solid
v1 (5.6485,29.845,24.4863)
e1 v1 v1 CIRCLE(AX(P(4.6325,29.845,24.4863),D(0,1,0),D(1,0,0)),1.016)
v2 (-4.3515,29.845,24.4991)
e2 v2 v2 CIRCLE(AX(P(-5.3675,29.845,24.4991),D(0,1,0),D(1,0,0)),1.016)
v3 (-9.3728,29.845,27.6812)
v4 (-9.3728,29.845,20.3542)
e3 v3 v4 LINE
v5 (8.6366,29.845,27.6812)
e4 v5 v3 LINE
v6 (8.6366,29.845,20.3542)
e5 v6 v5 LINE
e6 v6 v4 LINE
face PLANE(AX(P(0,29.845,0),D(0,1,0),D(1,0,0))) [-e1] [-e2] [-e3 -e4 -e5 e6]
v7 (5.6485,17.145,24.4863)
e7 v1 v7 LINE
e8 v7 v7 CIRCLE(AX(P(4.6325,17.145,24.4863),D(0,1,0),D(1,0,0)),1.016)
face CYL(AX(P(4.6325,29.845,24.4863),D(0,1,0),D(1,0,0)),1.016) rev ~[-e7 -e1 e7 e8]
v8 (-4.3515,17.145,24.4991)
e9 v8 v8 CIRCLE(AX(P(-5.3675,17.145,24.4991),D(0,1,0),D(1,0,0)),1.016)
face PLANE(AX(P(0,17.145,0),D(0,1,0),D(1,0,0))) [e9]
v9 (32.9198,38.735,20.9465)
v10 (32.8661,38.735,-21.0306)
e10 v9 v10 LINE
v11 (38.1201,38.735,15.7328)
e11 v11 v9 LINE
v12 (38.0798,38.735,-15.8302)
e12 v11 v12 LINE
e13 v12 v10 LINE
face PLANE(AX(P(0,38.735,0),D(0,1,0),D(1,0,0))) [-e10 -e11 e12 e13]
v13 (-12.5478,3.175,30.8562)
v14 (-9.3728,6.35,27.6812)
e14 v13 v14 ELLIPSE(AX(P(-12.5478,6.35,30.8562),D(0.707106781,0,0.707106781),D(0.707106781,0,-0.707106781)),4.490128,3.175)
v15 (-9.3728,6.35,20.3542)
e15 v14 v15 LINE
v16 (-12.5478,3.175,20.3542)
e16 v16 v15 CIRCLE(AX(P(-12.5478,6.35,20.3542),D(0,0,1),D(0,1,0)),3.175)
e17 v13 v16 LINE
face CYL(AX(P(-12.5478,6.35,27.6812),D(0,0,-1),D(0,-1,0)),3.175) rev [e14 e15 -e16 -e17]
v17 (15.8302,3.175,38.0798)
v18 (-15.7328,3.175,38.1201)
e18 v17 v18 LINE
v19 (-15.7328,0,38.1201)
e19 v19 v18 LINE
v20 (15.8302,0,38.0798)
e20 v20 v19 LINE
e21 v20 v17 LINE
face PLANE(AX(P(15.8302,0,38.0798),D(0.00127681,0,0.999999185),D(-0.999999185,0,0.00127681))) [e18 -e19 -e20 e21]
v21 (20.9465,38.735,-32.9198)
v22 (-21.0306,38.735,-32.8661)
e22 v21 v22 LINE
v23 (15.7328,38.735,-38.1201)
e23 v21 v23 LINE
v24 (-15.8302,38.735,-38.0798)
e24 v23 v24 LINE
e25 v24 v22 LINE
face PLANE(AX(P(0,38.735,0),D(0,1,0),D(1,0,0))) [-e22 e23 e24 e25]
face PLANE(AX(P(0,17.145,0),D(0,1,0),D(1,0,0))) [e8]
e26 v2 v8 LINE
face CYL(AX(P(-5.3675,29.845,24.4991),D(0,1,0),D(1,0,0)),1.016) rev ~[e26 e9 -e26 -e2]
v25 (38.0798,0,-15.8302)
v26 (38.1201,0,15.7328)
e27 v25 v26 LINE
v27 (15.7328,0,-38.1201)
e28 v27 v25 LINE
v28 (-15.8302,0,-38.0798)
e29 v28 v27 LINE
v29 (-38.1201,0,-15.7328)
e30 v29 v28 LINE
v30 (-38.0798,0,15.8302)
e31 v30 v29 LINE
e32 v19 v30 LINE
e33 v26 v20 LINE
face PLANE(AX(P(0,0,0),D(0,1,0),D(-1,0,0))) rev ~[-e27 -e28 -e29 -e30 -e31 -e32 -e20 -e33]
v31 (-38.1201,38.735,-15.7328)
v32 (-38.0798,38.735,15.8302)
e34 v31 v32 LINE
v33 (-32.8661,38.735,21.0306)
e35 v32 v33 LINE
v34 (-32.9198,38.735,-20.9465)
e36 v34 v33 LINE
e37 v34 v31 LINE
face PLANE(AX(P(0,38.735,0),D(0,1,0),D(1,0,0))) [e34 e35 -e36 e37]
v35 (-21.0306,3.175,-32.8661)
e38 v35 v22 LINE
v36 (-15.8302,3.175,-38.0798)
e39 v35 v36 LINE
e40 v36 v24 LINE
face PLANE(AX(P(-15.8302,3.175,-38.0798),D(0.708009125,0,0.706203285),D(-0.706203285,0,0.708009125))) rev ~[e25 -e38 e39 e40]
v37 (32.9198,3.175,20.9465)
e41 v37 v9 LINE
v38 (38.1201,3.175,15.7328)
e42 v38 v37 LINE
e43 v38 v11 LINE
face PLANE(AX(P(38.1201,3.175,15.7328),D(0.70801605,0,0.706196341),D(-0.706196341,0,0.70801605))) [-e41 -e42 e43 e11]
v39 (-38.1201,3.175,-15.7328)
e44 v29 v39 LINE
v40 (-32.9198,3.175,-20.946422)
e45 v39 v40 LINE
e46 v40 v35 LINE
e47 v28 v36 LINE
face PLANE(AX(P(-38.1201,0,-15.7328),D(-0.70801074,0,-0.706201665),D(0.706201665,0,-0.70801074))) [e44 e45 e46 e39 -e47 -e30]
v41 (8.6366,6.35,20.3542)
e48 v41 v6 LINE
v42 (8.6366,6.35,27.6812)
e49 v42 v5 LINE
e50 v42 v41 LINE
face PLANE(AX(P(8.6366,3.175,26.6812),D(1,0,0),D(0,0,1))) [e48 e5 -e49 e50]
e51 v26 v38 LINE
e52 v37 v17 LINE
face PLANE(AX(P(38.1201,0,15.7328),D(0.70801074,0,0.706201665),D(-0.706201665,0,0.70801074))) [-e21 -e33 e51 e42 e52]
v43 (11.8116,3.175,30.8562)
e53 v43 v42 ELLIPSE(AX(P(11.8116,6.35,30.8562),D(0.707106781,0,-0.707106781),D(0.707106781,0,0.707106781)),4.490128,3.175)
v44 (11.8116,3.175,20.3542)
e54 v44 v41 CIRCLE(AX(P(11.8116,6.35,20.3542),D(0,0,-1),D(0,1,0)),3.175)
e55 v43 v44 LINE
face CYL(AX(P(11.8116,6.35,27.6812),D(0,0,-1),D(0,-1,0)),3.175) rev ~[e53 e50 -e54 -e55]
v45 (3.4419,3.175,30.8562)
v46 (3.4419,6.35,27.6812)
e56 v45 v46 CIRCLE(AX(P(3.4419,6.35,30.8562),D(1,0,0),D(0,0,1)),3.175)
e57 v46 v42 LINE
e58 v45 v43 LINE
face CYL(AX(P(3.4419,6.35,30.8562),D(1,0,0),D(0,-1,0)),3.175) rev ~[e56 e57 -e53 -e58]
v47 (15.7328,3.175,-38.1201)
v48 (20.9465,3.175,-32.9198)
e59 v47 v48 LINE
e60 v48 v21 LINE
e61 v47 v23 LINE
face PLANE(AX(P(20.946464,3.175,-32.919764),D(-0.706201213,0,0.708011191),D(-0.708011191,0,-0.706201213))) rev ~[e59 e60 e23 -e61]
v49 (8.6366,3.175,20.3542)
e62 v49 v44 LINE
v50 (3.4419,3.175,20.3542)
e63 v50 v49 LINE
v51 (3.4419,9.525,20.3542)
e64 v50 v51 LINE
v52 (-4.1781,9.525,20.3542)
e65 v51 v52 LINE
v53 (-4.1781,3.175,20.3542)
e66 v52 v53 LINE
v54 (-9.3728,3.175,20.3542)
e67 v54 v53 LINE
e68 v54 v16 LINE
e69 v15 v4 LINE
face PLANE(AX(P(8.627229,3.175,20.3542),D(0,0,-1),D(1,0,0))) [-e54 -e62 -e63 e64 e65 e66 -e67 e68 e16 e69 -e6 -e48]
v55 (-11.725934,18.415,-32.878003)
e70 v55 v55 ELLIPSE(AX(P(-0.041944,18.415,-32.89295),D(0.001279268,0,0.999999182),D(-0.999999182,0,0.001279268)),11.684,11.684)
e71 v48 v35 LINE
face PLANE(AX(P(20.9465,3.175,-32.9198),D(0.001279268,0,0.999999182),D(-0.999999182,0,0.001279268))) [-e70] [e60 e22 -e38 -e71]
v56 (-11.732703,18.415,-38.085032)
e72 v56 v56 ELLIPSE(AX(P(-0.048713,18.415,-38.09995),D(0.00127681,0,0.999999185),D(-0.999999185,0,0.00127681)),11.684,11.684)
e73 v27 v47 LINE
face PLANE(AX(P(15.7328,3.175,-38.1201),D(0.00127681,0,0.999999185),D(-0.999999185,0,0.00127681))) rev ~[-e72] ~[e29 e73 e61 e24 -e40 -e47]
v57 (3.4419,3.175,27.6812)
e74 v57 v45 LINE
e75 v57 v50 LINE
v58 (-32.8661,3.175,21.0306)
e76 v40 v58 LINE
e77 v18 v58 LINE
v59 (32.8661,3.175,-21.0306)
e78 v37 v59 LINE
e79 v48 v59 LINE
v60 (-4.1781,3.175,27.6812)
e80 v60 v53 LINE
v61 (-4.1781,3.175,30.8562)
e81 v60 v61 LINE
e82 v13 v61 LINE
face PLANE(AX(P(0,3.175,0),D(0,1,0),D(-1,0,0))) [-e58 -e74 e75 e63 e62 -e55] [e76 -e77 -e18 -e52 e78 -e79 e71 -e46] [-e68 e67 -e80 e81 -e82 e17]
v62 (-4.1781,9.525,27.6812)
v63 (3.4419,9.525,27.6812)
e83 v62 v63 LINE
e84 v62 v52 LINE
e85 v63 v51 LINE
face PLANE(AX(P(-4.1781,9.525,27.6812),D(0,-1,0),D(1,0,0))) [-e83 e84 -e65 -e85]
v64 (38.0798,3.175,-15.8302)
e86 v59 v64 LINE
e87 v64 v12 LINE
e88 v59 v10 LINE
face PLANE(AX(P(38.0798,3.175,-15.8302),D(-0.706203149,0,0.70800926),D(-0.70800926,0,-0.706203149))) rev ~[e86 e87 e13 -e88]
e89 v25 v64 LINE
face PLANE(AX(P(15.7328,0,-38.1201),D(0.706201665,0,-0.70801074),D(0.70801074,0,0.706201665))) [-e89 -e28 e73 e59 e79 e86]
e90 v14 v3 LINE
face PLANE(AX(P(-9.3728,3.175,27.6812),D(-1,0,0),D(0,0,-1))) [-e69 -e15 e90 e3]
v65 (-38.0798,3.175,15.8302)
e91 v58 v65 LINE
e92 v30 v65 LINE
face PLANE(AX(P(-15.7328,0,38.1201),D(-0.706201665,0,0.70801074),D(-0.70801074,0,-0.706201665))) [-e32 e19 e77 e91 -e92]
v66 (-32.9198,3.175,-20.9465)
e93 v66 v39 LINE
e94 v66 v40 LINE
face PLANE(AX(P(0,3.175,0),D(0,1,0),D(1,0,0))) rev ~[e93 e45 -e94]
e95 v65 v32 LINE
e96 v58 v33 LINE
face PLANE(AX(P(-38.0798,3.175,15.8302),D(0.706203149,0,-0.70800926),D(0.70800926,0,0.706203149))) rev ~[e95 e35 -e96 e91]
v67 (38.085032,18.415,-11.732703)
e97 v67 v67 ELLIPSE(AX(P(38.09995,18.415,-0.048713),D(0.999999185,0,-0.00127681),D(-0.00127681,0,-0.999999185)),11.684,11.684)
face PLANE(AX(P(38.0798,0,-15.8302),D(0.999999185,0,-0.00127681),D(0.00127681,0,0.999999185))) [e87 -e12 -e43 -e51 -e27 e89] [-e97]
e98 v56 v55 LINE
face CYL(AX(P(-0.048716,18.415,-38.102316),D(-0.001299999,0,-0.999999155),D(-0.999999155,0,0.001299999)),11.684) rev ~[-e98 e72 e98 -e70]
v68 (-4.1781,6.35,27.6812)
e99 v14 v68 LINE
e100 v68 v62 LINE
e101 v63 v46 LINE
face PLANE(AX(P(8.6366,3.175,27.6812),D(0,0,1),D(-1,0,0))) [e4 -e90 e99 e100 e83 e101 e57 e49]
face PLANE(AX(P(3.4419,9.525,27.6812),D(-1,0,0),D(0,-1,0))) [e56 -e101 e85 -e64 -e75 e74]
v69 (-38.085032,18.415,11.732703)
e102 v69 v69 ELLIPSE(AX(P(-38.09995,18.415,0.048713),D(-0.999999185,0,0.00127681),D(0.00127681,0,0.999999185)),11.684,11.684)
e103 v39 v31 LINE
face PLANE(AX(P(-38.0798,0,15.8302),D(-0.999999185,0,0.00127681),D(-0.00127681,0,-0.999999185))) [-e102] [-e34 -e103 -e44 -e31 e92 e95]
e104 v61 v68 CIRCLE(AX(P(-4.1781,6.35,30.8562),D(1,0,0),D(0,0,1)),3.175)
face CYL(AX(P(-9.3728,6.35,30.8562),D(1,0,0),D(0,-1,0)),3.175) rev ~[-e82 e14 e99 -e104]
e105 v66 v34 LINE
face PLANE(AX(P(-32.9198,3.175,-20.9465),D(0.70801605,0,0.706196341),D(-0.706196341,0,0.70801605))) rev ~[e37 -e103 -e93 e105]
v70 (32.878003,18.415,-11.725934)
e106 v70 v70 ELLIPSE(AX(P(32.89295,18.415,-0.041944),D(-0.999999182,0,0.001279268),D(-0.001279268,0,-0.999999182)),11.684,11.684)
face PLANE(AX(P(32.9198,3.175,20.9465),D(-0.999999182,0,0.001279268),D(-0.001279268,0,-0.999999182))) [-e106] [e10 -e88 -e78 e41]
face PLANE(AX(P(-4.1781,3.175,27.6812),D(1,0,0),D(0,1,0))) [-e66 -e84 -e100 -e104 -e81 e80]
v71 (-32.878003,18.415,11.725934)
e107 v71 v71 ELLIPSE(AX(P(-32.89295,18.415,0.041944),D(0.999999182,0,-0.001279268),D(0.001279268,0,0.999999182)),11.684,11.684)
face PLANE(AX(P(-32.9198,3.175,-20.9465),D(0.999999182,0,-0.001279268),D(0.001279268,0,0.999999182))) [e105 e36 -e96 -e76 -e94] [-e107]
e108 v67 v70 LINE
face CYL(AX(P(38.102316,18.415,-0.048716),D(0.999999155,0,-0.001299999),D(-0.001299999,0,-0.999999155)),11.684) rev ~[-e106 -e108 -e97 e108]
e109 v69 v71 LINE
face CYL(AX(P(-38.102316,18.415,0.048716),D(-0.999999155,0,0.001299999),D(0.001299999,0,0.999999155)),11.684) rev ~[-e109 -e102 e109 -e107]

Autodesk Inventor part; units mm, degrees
ref_plane "YZ Plane" through (0, 0, 0) normal (1, 0, 0) x (0, 1, 0)
ref_plane "XZ Plane" through (0, 0, 0) normal (0, 1, 0) x (-1, 0, 0)
ref_plane "XY Plane" through (0, 0, 0) normal (0, 0, 1) x (1, 0, 0)
sketch "Sketch1" plane through (0, 0, 0) normal (0, 1, 0) x (-1, 0, 0)
  line L0 (15.8302, -38.0798) -> (-15.7328, -38.1201)
  line L1 (-15.7328, -38.1201) -> (-38.0798, -15.8302)
  line L2 (-38.0798, -15.8302) -> (-38.1201, 15.7328)
  line L3 (-38.1201, 15.7328) -> (-15.8302, 38.0798)
  line L4 (-15.8302, 38.0798) -> (15.7328, 38.1201)
  line L5 (15.7328, 38.1201) -> (38.0798, 15.8302)
  line L6 (38.0798, 15.8302) -> (38.1201, -15.7328)
  line L7 (38.1201, -15.7328) -> (15.8302, -38.0798)
  point P0 (0, 0)
  point P1 (0, 0)
  dimension "d0" = 76.2
extrude "Extrusion1" add sketch "Sketch1" along normal blind 3.175
sketch "Sketch3" plane through (0, 3.175, 0) normal (0, 1, 0) x (1, 0, 0)
  line L0 (38.1201, -15.7328) -> (38.0798, 15.8302) projected
  line L1 (-38.1201, 15.7328) -> (-38.0798, -15.8302) projected
  line L2 (32.9198, -20.9465) -> (32.8661, 21.0306)
  line L3 (-32.9198, 20.9465) -> (-32.8661, -21.0306)
  line L4 (-38.1201, 15.7328) -> (-38.0798, -15.8302) projected
  line L5 (38.1201, -15.7328) -> (38.0798, 15.8302) projected
  line L6 (38.1201, -15.7328) -> (32.9198, -20.9465)
  line L7 (38.0798, 15.8302) -> (38.1201, -15.7328) projected
  line L8 (38.1201, -15.7328) -> (38.0798, 15.8302)
  line L9 (38.0798, 15.8302) -> (32.8661, 21.0306)
  line L10 (-32.9198, 20.9465) -> (-38.1201, 15.7328)
  line L11 (-38.1201, 15.7328) -> (-38.0798, -15.8302)
  line L12 (-38.0798, -15.8302) -> (-38.1201, 15.7328) projected
  line L13 (-38.0798, -15.8302) -> (-32.8661, -21.0306)
  line L14 (-38.0798, -15.8302) -> (-15.7328, -38.1201) projected
  line L15 (15.8302, -38.0798) -> (38.1201, -15.7328) projected
  line L16 (38.0798, 15.8302) -> (15.7328, 38.1201) projected
  line L17 (38.1201, -15.7328) -> (32.9198, -20.9465)
  line L18 (38.0798, 15.8302) -> (32.8661, 21.0306)
  line L19 (15.7328, 38.1201) -> (38.0798, 15.8302) projected
  line L20 (38.1201, -15.7328) -> (38.0798, 15.8302)
  point P0 (0, 0)
  dimension "d5" = 5.207
  dimension "d6" = 5.207
extrude "Extrusion2" add sketch "Sketch3" along normal blind 35.56
sketch "Sketch5" plane through (38.0798, 0, -15.8302) normal (1, 0, -0.0013) x (-0.0013, 0, -1)
  circle A0 centre (-15.7815, 18.415) radius 11.43 projected
  circle A1 centre (-15.7815, 18.415) radius 11.684
  point P0 (-15.7815, 0)
  dimension "d9" = 0.254
extrude "Extrusion3" cut sketch "Sketch5" against normal blind 26.416 contours A0 | A1
sketch "Sketch6" plane through (-38.0798, 0, 15.8302) normal (-1, 0, 0.0013) x (0.0013, 0, 1)
  circle A0 centre (-15.7815, 18.415) radius 11.43 projected
  circle A1 centre (-15.7815, 18.415) radius 11.684
  point P0 (-15.7815, 0)
  dimension "d12" = 0.254
extrude "Extrusion4" cut sketch "Sketch6" against normal blind 26.416 contours A0 | A1
sketch "Sketch7" plane through (0, 3.175, 0) normal (0, 1, 0) x (1, 0, 0)
  line L0 (15.7328, 38.1201) -> (-15.8302, 38.0798) projected
  line L1 (20.9465, 32.9198) -> (-21.0306, 32.8661)
  line L2 (-15.8302, 38.0798) -> (-32.9198, 20.9465) projected
  line L3 (32.8661, 21.0306) -> (15.7328, 38.1201) projected
  line L4 (-38.1201, 15.7328) -> (-15.8302, 38.0798) projected
  line L5 (-21.0306, 32.8661) -> (-15.8302, 38.0798)
  line L6 (-15.8302, 38.0798) -> (15.7328, 38.1201)
  line L7 (20.9465, 32.9198) -> (15.7328, 38.1201)
  point P0 (0, 0)
  dimension "d15" = 5.207
extrude "Extrusion5" add sketch "Sketch7" along normal blind 35.56
sketch "Sketch8" plane through (-15.8302, 0, -38.0798) normal (-0.0013, 0, -1) x (-1, 0, 0.0013)
  circle A0 centre (-15.7815, 18.415) radius 11.43 projected
  circle A1 centre (-15.7815, 18.415) radius 11.684
  point P0 (-15.7815, 0)
  dimension "d18" = 0.254
extrude "Extrusion6" cut sketch "Sketch8" against normal blind 26.416 contours A0 | A1
sketch "Sketch9" plane through (0, 3.175, 0) normal (0, 1, 0) x (1, 0, 0)
  line L0 (-9.3728, -20.3542) -> (-9.3647, -26.7042) projected
  line L1 (8.6353, -26.6812) -> (8.6272, -20.3312) projected
  line L2 (-8.3634, -27.7029) -> (7.6366, -27.6825) projected
  line L3 (-9.3728, -20.3542) -> (8.6366, -20.3542)
  line L4 (8.6366, -20.3542) -> (8.6366, -27.6812)
  line L5 (8.6366, -27.6812) -> (-9.3728, -27.6812)
  line L6 (-9.3728, -27.6812) -> (-9.3728, -20.3542)
  point P0 (0, 0)
extrude "Extrusion7" add sketch "Sketch9" along normal blind 26.67
sketch "Sketch10" plane through (0, 29.845, 0) normal (0, 1, 0) x (1, 0, 0)
  arc A0 (-5.3692, -23.1491) -> (-5.3658, -25.8491) centre (-5.3675, -24.4991) ccw projected
  arc A1 (-5.3658, -25.8491) -> (-5.3692, -23.1491) centre (-5.3675, -24.4991) ccw projected
  arc A2 (4.6308, -23.1363) -> (4.6342, -25.8363) centre (4.6325, -24.4863) ccw projected
  arc A3 (4.6342, -25.8363) -> (4.6308, -23.1363) centre (4.6325, -24.4863) ccw projected
  circle A4 centre (-5.3675, -24.4991) radius 1.016
  circle A5 centre (4.6325, -24.4863) radius 1.016
  point P0 (0, 0)
  dimension "d24" = 1.35
  dimension "d25" = 2.032
  dimension "d26" = 2.032
extrude "Extrusion8" cut sketch "Sketch10" against normal blind 12.7 contours A4 | A5
sketch "Sketch11" plane through (-9.3728, 3.175, 27.6812) normal (0, 0, 1) x (1, 0, 0)
  line L0 (18.0094, 0) -> (0, 0) projected
  line L1 (5.1947, 6.35) -> (12.8147, 6.35)
  line L2 (12.8147, 6.35) -> (12.8147, 0)
  line L3 (12.8147, 0) -> (5.1947, 0)
  line L4 (5.1947, 0) -> (5.1947, 6.35)
  line L5 (18.0094, 0) -> (18.0094, 26.67) projected
  point P0 (9.3728, -3.175)
  dimension "d31" = 5.1947
  dimension "d32" = 7.62
  dimension "d33" = 6.35
  dimension "d36" = 0
extrude "Extrusion9" cut sketch "Sketch11" against normal blind 12.7
fillet "Fillet2" radius 3.175 4 edges at (-6.7754, 3.175, 27.6812) (-9.3728, 3.175, 24.0177) (6.0392, 3.175, 27.6812) (8.6366, 3.175, 24.0177)
properties part number "Main_assy_base"
